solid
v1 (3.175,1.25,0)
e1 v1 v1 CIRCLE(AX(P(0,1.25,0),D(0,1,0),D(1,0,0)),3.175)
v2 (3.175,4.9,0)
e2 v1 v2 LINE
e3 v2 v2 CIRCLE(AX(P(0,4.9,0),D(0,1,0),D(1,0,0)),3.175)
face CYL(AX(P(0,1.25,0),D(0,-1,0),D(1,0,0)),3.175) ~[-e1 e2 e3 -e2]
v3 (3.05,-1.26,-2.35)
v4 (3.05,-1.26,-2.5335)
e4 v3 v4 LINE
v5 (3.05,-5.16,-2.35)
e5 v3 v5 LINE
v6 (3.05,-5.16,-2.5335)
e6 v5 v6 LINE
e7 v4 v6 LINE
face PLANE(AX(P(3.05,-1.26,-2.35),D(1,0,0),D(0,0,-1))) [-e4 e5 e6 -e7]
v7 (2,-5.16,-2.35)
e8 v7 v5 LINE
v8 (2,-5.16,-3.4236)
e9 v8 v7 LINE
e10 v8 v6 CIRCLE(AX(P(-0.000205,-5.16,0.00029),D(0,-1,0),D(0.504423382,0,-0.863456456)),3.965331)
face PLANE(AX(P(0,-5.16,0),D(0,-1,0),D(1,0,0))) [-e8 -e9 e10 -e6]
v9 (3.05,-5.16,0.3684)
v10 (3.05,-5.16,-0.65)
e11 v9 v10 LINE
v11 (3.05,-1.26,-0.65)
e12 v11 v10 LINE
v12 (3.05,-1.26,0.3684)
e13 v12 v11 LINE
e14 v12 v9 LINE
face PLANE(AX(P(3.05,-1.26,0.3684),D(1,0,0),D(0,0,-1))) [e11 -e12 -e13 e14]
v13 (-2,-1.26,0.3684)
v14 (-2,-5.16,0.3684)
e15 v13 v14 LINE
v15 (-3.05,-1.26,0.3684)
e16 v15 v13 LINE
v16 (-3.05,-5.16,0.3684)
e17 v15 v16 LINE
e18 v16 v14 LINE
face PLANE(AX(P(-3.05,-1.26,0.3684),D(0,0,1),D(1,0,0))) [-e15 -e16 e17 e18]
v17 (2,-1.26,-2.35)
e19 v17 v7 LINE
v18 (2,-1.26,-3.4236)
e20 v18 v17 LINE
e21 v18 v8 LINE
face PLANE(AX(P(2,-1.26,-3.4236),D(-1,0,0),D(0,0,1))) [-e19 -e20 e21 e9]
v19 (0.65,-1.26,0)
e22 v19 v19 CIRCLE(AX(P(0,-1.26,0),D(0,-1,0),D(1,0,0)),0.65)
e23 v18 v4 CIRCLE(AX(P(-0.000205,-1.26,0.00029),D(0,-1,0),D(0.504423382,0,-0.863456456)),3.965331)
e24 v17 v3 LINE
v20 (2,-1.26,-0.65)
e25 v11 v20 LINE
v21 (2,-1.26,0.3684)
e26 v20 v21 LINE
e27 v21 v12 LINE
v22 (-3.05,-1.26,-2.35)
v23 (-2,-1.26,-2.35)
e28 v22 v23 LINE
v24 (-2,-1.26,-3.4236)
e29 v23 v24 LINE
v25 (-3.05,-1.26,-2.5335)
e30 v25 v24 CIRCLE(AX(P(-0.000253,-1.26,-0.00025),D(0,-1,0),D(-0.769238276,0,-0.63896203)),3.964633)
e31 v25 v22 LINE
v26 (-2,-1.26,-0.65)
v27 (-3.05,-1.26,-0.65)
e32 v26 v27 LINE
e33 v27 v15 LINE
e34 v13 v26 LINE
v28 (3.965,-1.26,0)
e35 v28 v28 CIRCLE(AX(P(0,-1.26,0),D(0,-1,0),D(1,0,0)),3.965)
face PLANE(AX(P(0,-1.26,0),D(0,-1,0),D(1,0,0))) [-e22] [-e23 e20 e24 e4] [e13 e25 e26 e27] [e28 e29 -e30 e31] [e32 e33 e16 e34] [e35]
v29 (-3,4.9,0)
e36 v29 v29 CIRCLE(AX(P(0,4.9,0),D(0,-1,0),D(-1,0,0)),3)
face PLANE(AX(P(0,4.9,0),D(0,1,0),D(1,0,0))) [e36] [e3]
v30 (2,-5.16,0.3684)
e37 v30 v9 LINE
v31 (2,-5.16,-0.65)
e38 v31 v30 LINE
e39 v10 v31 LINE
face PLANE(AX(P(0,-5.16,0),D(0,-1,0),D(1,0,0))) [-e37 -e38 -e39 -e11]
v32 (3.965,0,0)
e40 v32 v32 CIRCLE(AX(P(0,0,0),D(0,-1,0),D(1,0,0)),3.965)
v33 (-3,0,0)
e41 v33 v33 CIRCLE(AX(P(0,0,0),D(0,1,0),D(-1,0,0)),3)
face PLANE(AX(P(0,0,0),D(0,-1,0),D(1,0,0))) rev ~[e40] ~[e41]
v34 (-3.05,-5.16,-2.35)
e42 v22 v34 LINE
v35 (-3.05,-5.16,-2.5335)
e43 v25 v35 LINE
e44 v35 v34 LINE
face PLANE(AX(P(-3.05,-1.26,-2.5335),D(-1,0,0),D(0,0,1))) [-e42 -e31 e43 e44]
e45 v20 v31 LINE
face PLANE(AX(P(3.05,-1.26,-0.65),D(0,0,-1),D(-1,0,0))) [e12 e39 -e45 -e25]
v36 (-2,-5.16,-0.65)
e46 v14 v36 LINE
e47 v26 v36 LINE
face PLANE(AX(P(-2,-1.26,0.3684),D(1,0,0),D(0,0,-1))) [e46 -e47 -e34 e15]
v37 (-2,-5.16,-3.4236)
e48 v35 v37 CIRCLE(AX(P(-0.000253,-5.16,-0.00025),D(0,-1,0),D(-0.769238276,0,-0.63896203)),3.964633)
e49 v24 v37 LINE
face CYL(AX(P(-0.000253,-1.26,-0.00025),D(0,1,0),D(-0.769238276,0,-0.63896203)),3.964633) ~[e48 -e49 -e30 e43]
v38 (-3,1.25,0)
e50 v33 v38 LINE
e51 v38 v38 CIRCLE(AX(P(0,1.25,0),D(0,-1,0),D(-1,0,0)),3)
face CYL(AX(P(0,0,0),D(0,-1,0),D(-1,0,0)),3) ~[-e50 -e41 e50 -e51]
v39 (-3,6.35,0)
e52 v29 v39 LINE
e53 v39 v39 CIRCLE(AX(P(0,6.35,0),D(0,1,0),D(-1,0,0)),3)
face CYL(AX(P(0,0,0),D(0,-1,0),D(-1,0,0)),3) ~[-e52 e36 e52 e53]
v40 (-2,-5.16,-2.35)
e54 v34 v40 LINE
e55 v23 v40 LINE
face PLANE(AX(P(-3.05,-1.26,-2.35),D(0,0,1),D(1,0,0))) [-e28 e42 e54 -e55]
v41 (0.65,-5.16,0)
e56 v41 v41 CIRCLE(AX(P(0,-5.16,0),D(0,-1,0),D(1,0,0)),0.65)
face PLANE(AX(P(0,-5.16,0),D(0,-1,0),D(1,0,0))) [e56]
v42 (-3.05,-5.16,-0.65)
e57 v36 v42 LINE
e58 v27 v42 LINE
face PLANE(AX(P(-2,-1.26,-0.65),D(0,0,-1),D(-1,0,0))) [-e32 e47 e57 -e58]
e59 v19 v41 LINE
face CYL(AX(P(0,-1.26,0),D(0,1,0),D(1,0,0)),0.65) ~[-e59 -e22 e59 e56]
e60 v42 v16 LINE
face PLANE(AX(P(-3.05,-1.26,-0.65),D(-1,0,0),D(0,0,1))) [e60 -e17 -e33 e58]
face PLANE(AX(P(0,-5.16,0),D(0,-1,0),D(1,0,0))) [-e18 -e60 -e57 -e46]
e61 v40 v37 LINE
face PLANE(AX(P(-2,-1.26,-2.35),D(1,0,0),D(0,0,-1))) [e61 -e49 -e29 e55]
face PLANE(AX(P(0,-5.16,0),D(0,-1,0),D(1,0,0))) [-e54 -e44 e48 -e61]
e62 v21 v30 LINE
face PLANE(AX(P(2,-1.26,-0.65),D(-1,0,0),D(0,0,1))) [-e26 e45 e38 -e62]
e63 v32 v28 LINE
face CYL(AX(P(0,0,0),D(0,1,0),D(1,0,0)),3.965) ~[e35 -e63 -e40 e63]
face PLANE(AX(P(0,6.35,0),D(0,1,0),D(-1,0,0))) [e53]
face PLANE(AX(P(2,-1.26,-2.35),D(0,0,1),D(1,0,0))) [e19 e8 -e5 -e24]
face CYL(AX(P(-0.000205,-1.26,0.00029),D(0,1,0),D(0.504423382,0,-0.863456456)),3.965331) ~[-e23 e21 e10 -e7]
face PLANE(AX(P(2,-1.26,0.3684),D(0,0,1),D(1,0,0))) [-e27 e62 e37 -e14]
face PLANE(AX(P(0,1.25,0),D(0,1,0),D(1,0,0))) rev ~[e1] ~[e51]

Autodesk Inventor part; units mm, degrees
ref_plane "YZ Plane" through (0, 0, 0) normal (1, 0, 0) x (0, 1, 0)
ref_plane "XZ Plane" through (0, 0, 0) normal (0, 1, 0) x (-1, 0, 0)
sketch "Sketch1" plane through (0, 0, 0) normal (0, 1, 0) x (-1, 0, 0)
  circle A0 centre (0, 0) radius 3
  dimension "d0" = 6
extrude "Extrusion1" add sketch "Sketch1" along normal blind 6.35
sketch "Sketch2" plane through (0, 0, 0) normal (0, -1, 0) x (1, 0, 0)
  circle A0 centre (0, 0) radius 3.965
  dimension "d3" = 7.93
extrude "Extrusion2" add sketch "Sketch2" along normal blind 1.26
sketch "Sketch3" plane through (0, -1.26, 0) normal (0, -1, 0) x (1, 0, 0)
  circle A0 centre (0, 0) radius 0.65
  dimension "d6" = 1.3
extrude "Extrusion3" add sketch "Sketch3" along normal blind 3.9
sketch "Sketch4" plane through (0, -1.26, 0) normal (0, -1, 0) x (1, 0, 0)
  circle A0 centre (0, 0) radius 0.65 projected
  line L0 (0, 0) -> (0, 1.9486) construction
  line L1 (0, 0) -> (1.3232, 0) construction
  line L2 (-3.05, 0.3684) -> (-2, 0.3684)
  line L3 (-2, 0.3684) -> (-2, -0.65)
  line L4 (-2, -0.65) -> (-3.05, -0.65)
  line L5 (-3.05, -0.65) -> (-3.05, 0.3684)
  circle A1 centre (0, 0) radius 2 construction
  line L6 (2, 0.3684) -> (3.05, 0.3684)
  line L7 (3.05, 0.3684) -> (3.05, -0.65)
  line L8 (3.05, -0.65) -> (2, -0.65)
  line L9 (2, -0.65) -> (2, 0.3684)
  dimension "d11" = 4
  dimension "d12" = 6.1
extrude "Extrusion4" add sketch "Sketch4" along normal blind 3.9 contours L2 L3 L4 L5 | L6 L7 L8 L9
sketch "Sketch5" plane through (0, -1.26, 0) normal (0, -1, 0) x (1, 0, 0)
  line L0 (-3.05, -2.35) -> (-2, -2.35)
  line L1 (-2, -2.35) -> (-2, -3.4236)
  line L2 (-3.05, -2.5335) -> (-3.05, -2.35)
  line L3 (-2, 0.3684) -> (-3.05, 0.3684) projected
  line L4 (-3.05, 0.3684) -> (-3.05, -0.65) projected
  line L5 (-3.05, -0.65) -> (-2, -0.65) projected
  line L6 (-2, -0.65) -> (-2, 0.3684) projected
  line L7 (2, -2.35) -> (3.05, -2.35)
  line L8 (3.05, -2.35) -> (3.05, -2.5335)
  line L9 (2, -3.4236) -> (2, -2.35)
  line L10 (2, -0.65) -> (3.05, -0.65) projected
  line L11 (3.05, 0.3684) -> (2, 0.3684) projected
  line L12 (2, 0.3684) -> (2, -0.65) projected
  line L13 (2, -0.65) -> (3.05, -0.65) projected
  line L14 (3.05, -0.65) -> (3.05, 0.3684) projected
  line L15 (2, 0.3684) -> (2, -0.65) projected
  line L16 (-2, -0.65) -> (-2, 0.3684) projected
  circle A0 centre (0, 0) radius 0.65 construction
  line L17 (0, 0) -> (0, 3.0008) construction
  line L18 (3.05, -0.65) -> (3.05, 0.3684) construction
  circle A1 centre (0, 0) radius 3.965 construction
  arc A2 (-3.05, -2.5335) -> (-2, -3.4236) centre (0, 0) ccw
  arc A3 (2, -3.4236) -> (3.05, -2.5335) centre (0, 0) ccw
  dimension "d15" = 1.7
extrude "Extrusion5" add sketch "Sketch5" along normal blind 3.9 contours L0 L1 A2 L2 | L7 L8 A3 L9
ref_plane "Work Plane1" through (0, 1.25, 0) normal (0, 1, 0) x (1, 0, 0)
sketch "Sketch6" plane through (0, 1.25, 0) normal (0, 1, 0) x (1, 0, 0)
  circle A0 centre (0, 0) radius 3.175
  dimension "d19" = 6.35
extrude "Extrusion6" add sketch "Sketch6" along normal blind 3.65
thread "Thread1" size "M7x1" class "6g" standard "ANSI Metric M Profile" full length
properties part number "sma-conn"
